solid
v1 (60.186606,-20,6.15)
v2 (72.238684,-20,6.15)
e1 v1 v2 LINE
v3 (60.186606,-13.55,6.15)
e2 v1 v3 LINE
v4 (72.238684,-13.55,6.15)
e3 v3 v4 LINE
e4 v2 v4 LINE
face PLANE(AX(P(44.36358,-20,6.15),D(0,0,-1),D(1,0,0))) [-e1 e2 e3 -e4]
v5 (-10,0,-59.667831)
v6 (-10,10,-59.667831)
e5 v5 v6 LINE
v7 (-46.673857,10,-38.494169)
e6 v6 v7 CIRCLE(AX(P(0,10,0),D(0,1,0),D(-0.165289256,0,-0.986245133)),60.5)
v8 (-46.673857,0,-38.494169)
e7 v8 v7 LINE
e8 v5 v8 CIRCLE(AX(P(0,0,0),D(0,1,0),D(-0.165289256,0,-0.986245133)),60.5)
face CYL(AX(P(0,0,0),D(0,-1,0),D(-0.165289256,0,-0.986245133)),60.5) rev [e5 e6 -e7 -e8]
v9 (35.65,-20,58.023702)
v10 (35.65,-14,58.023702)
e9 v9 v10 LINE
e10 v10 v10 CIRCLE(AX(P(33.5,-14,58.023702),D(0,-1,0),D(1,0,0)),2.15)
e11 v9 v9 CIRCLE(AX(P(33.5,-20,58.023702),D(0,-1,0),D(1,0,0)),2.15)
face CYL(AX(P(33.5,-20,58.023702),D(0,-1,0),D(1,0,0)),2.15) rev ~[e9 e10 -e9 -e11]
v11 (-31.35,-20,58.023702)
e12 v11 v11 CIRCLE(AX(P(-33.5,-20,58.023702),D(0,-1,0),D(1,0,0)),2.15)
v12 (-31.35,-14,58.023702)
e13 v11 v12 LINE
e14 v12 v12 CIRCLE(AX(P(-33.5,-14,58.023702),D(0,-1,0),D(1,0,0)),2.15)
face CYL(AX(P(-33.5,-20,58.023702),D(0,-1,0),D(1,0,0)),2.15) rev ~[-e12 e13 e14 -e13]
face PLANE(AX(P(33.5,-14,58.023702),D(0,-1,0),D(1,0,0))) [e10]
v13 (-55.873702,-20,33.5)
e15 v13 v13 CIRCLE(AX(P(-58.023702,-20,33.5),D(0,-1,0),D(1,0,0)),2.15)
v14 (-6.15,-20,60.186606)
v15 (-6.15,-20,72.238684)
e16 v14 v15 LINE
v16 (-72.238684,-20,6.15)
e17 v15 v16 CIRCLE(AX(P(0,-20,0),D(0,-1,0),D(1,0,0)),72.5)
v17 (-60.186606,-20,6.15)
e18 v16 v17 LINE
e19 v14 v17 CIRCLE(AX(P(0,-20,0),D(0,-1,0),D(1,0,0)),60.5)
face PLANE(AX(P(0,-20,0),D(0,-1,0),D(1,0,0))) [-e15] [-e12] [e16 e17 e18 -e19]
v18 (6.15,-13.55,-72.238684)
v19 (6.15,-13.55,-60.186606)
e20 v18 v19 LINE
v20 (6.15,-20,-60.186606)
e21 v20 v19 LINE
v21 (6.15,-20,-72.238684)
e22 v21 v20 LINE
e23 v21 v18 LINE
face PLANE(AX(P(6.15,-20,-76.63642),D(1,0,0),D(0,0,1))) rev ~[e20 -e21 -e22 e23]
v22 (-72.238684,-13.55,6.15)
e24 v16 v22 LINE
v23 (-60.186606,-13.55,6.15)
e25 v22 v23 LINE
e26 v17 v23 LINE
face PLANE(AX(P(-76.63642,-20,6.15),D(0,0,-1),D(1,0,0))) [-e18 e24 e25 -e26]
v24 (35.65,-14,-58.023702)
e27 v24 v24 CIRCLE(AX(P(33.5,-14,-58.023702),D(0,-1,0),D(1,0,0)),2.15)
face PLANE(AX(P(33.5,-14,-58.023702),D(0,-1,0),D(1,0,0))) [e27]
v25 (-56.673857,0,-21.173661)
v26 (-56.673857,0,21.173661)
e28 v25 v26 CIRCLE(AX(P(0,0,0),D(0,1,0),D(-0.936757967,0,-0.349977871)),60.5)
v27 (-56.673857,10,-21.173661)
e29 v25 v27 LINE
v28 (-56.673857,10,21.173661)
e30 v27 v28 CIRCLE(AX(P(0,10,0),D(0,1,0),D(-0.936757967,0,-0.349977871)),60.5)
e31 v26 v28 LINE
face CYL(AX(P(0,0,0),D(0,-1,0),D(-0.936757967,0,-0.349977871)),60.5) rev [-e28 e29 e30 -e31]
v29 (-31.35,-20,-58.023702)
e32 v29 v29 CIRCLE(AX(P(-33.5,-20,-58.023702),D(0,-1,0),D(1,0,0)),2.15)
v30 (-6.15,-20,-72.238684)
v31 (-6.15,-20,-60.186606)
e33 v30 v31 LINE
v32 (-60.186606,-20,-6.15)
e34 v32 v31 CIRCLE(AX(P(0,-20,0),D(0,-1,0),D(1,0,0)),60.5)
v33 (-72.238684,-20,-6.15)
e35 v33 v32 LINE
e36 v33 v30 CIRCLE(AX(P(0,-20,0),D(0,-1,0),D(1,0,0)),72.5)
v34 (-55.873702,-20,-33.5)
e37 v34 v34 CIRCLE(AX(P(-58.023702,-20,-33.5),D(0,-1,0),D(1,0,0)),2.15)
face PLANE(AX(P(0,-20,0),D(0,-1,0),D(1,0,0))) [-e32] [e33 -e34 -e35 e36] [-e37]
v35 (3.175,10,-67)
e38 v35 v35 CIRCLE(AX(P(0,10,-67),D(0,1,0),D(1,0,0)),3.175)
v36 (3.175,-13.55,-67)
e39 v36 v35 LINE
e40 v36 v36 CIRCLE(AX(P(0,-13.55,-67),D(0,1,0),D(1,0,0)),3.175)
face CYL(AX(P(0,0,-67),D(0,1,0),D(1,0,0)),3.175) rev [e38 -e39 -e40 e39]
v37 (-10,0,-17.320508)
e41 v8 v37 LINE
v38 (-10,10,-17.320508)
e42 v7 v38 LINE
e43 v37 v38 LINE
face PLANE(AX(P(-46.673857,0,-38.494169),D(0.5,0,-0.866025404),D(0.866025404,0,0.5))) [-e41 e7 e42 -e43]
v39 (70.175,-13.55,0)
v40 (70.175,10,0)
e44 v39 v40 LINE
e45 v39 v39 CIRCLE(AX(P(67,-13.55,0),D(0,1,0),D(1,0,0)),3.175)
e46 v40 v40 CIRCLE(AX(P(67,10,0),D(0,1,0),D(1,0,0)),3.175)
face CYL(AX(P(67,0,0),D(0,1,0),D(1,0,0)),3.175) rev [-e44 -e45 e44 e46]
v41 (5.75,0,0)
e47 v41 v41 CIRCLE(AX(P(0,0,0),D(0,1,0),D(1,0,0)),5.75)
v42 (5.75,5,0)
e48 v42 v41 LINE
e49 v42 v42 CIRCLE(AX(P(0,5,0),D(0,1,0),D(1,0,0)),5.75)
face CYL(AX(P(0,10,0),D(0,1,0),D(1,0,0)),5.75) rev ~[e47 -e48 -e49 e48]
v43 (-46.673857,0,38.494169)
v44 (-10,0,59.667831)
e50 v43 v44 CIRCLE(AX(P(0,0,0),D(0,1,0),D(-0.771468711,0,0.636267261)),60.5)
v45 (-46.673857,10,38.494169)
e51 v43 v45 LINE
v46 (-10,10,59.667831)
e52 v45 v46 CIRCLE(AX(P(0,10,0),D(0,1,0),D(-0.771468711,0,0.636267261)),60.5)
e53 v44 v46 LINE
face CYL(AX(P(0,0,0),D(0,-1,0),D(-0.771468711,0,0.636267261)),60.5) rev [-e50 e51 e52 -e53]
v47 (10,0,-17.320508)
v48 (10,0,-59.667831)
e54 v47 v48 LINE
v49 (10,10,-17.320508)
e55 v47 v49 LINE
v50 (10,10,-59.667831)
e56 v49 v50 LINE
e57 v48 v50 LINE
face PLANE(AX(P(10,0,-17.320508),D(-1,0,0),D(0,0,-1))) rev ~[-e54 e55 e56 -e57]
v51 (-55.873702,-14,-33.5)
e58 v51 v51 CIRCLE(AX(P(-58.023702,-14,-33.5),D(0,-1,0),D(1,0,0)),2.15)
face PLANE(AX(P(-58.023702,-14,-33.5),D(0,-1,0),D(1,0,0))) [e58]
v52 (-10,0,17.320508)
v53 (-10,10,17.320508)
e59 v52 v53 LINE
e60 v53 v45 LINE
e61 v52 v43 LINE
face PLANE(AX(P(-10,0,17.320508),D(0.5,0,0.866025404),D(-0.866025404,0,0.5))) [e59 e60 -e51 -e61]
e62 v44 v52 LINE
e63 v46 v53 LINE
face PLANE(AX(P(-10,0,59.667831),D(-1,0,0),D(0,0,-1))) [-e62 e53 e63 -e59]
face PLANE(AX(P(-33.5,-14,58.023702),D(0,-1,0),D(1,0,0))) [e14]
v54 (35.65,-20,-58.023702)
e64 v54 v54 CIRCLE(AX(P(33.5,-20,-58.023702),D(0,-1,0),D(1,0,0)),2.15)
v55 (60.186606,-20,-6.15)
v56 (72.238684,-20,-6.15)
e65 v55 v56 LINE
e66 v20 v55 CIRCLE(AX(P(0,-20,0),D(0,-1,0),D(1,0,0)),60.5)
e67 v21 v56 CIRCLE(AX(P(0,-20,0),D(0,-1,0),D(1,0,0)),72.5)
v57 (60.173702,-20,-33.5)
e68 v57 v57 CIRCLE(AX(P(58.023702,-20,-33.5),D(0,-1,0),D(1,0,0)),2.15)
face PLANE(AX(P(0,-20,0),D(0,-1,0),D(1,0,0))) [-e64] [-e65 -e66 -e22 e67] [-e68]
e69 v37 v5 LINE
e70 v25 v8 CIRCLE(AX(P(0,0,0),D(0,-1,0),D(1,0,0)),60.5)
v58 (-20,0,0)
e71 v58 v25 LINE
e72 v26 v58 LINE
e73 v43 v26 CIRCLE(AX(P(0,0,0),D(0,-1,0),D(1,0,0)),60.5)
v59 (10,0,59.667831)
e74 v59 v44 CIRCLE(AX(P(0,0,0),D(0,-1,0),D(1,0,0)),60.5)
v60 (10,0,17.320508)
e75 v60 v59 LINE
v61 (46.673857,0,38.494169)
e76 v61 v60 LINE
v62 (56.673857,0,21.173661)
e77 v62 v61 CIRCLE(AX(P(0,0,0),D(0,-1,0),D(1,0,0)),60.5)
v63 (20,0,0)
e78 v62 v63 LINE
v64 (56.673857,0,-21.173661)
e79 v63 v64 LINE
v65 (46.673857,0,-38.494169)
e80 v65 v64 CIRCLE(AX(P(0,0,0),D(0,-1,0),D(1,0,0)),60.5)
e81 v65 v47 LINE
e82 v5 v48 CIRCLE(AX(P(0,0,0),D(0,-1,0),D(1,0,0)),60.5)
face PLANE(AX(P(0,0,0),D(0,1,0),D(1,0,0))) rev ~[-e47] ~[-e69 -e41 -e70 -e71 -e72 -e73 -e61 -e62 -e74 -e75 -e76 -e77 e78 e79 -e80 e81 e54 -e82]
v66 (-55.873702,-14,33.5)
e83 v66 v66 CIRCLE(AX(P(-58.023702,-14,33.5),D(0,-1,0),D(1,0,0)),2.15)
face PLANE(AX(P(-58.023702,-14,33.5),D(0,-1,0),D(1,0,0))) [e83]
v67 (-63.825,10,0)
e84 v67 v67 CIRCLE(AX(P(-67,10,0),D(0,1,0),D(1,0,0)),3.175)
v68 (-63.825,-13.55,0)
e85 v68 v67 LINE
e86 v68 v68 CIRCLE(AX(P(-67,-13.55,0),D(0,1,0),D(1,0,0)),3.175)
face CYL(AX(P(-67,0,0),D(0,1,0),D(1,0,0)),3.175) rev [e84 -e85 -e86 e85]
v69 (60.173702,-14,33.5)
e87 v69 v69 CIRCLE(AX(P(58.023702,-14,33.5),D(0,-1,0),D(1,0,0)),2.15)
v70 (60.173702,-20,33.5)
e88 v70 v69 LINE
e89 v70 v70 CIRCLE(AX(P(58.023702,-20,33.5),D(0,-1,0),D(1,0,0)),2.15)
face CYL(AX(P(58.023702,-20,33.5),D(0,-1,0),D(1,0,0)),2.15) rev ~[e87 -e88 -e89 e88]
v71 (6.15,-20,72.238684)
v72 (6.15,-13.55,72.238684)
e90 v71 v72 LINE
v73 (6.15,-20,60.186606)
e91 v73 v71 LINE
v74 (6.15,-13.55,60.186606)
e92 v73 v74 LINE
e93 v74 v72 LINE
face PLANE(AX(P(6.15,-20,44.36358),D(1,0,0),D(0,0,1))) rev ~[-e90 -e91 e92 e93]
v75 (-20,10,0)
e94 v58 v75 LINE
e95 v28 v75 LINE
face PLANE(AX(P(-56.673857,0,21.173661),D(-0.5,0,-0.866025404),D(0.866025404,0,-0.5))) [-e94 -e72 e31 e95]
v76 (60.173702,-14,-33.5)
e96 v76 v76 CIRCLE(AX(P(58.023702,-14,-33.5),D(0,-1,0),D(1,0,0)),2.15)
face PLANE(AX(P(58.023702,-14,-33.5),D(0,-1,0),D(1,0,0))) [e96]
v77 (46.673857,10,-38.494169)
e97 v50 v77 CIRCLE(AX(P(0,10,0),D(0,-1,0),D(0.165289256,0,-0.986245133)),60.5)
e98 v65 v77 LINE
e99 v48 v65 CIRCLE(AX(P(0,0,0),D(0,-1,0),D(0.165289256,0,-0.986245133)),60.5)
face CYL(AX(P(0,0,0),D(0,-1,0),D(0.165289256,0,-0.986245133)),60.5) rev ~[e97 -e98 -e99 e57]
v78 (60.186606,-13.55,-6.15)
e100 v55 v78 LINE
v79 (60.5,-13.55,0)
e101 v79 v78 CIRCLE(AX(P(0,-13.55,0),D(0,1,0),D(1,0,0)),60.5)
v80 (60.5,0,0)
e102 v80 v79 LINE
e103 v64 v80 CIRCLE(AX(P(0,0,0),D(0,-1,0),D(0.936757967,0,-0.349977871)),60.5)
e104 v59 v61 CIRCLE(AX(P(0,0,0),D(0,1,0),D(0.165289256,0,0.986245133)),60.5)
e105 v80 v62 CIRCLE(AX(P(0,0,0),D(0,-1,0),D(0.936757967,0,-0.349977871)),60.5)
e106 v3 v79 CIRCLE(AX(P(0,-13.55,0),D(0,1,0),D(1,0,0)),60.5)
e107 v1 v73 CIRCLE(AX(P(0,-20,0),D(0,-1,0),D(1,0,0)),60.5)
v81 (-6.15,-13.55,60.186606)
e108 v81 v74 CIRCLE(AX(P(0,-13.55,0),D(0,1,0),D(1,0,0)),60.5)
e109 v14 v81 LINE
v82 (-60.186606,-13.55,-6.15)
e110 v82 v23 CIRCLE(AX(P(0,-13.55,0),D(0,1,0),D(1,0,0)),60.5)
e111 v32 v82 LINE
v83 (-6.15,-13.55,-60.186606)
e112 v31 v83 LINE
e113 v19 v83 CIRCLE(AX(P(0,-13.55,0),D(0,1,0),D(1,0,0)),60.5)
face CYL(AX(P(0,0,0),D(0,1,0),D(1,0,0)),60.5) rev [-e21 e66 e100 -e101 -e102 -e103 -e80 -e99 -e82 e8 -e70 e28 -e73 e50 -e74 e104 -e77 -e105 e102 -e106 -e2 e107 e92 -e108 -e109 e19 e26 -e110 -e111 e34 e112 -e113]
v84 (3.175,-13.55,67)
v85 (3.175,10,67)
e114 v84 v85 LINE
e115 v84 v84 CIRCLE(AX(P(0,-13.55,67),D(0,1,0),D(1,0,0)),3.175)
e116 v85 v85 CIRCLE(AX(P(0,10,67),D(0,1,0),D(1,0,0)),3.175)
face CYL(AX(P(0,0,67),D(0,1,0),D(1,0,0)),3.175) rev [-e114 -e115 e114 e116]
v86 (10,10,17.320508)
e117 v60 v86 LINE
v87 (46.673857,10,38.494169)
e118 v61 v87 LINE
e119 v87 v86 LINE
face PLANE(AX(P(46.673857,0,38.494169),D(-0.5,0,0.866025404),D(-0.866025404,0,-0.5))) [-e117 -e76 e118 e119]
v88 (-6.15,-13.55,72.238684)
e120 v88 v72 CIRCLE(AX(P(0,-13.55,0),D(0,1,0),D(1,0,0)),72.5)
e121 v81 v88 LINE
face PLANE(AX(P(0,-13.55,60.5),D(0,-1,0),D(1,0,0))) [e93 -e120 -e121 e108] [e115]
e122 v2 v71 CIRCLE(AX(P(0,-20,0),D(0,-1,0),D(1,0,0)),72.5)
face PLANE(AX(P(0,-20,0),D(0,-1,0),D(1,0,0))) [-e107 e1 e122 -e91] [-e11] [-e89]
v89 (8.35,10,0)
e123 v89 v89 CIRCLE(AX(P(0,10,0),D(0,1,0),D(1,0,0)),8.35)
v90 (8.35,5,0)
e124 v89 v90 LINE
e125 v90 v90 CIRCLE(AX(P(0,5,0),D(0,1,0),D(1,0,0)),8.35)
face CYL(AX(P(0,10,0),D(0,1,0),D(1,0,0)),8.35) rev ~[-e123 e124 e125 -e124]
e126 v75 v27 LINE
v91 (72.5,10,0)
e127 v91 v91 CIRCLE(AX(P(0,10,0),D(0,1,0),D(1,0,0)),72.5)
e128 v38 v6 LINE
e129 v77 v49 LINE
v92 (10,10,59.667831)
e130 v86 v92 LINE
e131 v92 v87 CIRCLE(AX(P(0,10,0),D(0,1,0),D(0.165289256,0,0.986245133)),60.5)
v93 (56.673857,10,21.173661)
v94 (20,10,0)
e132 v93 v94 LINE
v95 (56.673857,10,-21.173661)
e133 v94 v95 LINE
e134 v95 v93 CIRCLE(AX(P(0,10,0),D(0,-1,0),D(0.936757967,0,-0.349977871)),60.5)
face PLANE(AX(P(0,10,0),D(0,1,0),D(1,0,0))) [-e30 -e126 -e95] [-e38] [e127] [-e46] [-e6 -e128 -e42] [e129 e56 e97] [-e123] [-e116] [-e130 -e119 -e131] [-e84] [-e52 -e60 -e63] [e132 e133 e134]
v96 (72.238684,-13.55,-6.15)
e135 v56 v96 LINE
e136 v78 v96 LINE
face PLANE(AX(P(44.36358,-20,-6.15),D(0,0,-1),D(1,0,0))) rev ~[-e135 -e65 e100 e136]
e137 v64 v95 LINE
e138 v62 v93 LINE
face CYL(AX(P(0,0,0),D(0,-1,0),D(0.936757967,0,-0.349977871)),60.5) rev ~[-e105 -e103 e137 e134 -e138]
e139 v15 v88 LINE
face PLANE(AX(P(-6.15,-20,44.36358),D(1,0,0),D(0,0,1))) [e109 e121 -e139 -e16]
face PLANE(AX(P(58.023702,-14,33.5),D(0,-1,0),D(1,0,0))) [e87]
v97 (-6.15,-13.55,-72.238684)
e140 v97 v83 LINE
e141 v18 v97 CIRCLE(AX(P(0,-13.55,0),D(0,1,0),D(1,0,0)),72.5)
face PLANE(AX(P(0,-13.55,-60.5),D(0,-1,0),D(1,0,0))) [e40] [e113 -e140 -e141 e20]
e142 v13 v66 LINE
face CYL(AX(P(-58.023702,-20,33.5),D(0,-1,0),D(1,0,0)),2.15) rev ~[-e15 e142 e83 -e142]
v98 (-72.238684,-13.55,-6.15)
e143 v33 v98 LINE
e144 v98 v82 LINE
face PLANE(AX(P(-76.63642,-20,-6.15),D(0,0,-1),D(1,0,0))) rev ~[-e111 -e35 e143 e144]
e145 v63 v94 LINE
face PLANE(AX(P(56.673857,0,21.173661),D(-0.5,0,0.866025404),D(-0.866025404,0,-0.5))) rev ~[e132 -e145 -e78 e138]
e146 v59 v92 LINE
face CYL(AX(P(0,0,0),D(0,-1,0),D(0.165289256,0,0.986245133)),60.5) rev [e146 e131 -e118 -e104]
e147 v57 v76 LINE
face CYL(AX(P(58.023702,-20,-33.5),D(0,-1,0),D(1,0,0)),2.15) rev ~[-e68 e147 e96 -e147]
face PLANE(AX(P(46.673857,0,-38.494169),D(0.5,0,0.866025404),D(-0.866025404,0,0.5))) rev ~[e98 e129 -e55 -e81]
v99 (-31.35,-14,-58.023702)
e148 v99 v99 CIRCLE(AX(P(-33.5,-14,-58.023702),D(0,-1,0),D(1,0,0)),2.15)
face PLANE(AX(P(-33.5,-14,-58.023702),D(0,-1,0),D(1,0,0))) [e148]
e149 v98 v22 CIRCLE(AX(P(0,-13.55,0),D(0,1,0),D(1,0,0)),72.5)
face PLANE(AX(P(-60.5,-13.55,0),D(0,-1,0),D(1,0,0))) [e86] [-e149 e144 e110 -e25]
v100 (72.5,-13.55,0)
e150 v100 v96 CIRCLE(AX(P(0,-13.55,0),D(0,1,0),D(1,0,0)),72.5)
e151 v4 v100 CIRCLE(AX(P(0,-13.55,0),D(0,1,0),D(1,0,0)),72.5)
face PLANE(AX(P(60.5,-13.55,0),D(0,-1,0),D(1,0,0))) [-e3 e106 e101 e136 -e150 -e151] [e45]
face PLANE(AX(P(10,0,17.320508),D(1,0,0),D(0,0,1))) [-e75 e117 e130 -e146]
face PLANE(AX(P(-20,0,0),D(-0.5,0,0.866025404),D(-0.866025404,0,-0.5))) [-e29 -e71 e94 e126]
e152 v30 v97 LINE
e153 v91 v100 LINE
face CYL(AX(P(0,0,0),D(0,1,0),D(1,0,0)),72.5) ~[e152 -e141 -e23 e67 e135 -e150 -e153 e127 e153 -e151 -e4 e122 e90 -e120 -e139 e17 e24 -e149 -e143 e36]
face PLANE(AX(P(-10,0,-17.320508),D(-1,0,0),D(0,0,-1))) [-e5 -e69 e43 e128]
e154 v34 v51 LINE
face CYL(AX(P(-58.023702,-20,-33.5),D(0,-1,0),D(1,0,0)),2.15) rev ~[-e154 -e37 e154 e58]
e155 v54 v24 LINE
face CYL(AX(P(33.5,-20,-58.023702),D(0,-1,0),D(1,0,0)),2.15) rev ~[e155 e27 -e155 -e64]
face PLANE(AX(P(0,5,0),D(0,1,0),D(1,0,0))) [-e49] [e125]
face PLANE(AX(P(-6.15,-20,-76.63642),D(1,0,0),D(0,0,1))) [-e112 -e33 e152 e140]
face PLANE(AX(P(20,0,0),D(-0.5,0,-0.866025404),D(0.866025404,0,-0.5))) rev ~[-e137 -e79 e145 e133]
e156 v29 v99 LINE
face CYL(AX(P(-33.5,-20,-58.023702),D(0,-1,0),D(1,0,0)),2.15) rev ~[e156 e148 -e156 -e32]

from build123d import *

# Parameters (mm, degrees)
SKETCH1_R               = 72.5
SKETCH1_R_2             = 3.175
BOSS_EXTRUDE1_DEPTH     = 10
SKETCH8_R               = 8.35
CUT_EXTRUDE4_DEPTH      = 5
SKETCH9_R               = 5.75
CUT_EXTRUDE5_DEPTH      = 1
CUT_EXTRUDE5_DEPTH_BACK = 11
SKETCH10_R              = 72.5
SKETCH10_R_2            = 60.5
SKETCH10_R_3            = 3.175
BOSS_EXTRUDE4_DEPTH     = 20
SKETCH11_W              = 32.27284004
SKETCH11_H              = 12.3
SKETCH11_W_2            = 12.3
SKETCH11_H_2            = 32.27284004
CUT_EXTRUDE6_DEPTH      = 6.45
SKETCH12_R              = 2.15
CUT_EXTRUDE7_DEPTH      = 6


with BuildPart() as part:
    # Sketch1 → Boss-Extrude1 (new body)
    with BuildSketch(Plane(origin=(0, 0, 0), x_dir=(1, 0, 0), z_dir=(0, 1, 0))):
        Circle(SKETCH1_R)
        with Locations((0, 67)):
            Circle(SKETCH1_R_2, mode=Mode.SUBTRACT)
        with Locations((67, 0)):
            Circle(SKETCH1_R_2, mode=Mode.SUBTRACT)
        with Locations((0, -67)):
            Circle(SKETCH1_R_2, mode=Mode.SUBTRACT)
        with Locations((-67, 0)):
            Circle(SKETCH1_R_2, mode=Mode.SUBTRACT)
        with BuildLine():
            Line((10, 17.320508076), (10, 59.667830529))
            ThreePointArc((10, 59.667830529), (30.25, 52.394536929), (46.673857027, 38.494169302))
            Line((46.673857027, 38.494169302), (10, 17.320508076))
        make_face(mode=Mode.SUBTRACT)
        with BuildLine():
            Line((-10, 17.320508076), (-10, 59.667830529))
            ThreePointArc((-10, 59.667830529), (-30.25, 52.394536929), (-46.673857027, 38.494169302))
            Line((-46.673857027, 38.494169302), (-10, 17.320508076))
        make_face(mode=Mode.SUBTRACT)
        with BuildLine():
            Line((-20, 0), (-56.673857027, 21.173661227))
            ThreePointArc((-56.673857027, 21.173661227), (-60.5, 0), (-56.673857027, -21.173661226))
            Line((-56.673857027, -21.173661226), (-20, 0))
        make_face(mode=Mode.SUBTRACT)
        with BuildLine():
            Line((-10, -17.320508076), (-46.673857027, -38.494169302))
            ThreePointArc((-46.673857027, -38.494169302), (-30.25, -52.394536929), (-10, -59.667830529))
            Line((-10, -59.667830529), (-10, -17.320508076))
        make_face(mode=Mode.SUBTRACT)
        with BuildLine():
            Line((10, -17.320508076), (10, -59.667830529))
            ThreePointArc((10, -59.667830529), (30.25, -52.394536929), (46.673857027, -38.494169302))
            Line((46.673857027, -38.494169302), (10, -17.320508076))
        make_face(mode=Mode.SUBTRACT)
        with BuildLine():
            Line((20, 0), (56.673857027, 21.173661227))
            ThreePointArc((56.673857027, 21.173661227), (60.5, 0), (56.673857027, -21.173661226))
            Line((56.673857027, -21.173661226), (20, 0))
        make_face(mode=Mode.SUBTRACT)
    extrude(amount=BOSS_EXTRUDE1_DEPTH)

    # Sketch8 → Cut-Extrude4 (cut)
    with BuildSketch(Plane(origin=(0, 10, 0), x_dir=(1, 0, 0), z_dir=(0, 1, 0))):
        Circle(SKETCH8_R)
    extrude(amount=-CUT_EXTRUDE4_DEPTH, mode=Mode.SUBTRACT)

    # Sketch9 → Cut-Extrude5 (cut, two sides)
    with BuildSketch(Plane(origin=(0, 10, 0), x_dir=(1, 0, 0), z_dir=(0, 1, 0))) as cut_extrude5_sk:
        Circle(SKETCH9_R)
    extrude(amount=CUT_EXTRUDE5_DEPTH, mode=Mode.SUBTRACT)
    extrude(cut_extrude5_sk.sketch, amount=-CUT_EXTRUDE5_DEPTH_BACK, mode=Mode.SUBTRACT)

    # Sketch10 → Boss-Extrude4 (add)
    with BuildSketch(Plane.XZ):
        Circle(SKETCH10_R)
        Circle(SKETCH10_R_2, mode=Mode.SUBTRACT)
        with Locations((0, -67)):
            Circle(SKETCH10_R_3, mode=Mode.SUBTRACT)
        with Locations((-67, 0)):
            Circle(SKETCH10_R_3, mode=Mode.SUBTRACT)
        with Locations((0, 67)):
            Circle(SKETCH10_R_3, mode=Mode.SUBTRACT)
        with Locations((67, 0)):
            Circle(SKETCH10_R_3, mode=Mode.SUBTRACT)
    extrude(amount=BOSS_EXTRUDE4_DEPTH)

    # Sketch11 → Cut-Extrude6 (cut)
    with BuildSketch(Plane.XZ.offset(20)):
        with Locations((-60.5, 0)):
            Rectangle(SKETCH11_W, SKETCH11_H)
        with Locations((0, -60.5)):
            Rectangle(SKETCH11_W_2, SKETCH11_H_2)
        with Locations((0, 60.5)):
            Rectangle(SKETCH11_W_2, SKETCH11_H_2)
        with Locations((60.5, 0)):
            Rectangle(SKETCH11_W, SKETCH11_H)
    extrude(amount=-CUT_EXTRUDE6_DEPTH, mode=Mode.SUBTRACT)

    # Sketch12 → Cut-Extrude7 (cut)
    with BuildSketch(Plane.XZ.offset(20)):
        with Locations((33.5, 58.023702054)):
            Circle(SKETCH12_R)
        with Locations((58.023702054, 33.5)):
            Circle(SKETCH12_R)
        with Locations((33.5, -58.023702054)):
            Circle(SKETCH12_R)
        with Locations((58.023702054, -33.5)):
            Circle(SKETCH12_R)
        with Locations((-58.023702054, -33.5)):
            Circle(SKETCH12_R)
        with Locations((-33.5, -58.023702054)):
            Circle(SKETCH12_R)
        with Locations((-33.5, 58.023702054)):
            Circle(SKETCH12_R)
        with Locations((-58.023702054, 33.5)):
            Circle(SKETCH12_R)
    extrude(amount=-CUT_EXTRUDE7_DEPTH, mode=Mode.SUBTRACT)


solid = part.part
